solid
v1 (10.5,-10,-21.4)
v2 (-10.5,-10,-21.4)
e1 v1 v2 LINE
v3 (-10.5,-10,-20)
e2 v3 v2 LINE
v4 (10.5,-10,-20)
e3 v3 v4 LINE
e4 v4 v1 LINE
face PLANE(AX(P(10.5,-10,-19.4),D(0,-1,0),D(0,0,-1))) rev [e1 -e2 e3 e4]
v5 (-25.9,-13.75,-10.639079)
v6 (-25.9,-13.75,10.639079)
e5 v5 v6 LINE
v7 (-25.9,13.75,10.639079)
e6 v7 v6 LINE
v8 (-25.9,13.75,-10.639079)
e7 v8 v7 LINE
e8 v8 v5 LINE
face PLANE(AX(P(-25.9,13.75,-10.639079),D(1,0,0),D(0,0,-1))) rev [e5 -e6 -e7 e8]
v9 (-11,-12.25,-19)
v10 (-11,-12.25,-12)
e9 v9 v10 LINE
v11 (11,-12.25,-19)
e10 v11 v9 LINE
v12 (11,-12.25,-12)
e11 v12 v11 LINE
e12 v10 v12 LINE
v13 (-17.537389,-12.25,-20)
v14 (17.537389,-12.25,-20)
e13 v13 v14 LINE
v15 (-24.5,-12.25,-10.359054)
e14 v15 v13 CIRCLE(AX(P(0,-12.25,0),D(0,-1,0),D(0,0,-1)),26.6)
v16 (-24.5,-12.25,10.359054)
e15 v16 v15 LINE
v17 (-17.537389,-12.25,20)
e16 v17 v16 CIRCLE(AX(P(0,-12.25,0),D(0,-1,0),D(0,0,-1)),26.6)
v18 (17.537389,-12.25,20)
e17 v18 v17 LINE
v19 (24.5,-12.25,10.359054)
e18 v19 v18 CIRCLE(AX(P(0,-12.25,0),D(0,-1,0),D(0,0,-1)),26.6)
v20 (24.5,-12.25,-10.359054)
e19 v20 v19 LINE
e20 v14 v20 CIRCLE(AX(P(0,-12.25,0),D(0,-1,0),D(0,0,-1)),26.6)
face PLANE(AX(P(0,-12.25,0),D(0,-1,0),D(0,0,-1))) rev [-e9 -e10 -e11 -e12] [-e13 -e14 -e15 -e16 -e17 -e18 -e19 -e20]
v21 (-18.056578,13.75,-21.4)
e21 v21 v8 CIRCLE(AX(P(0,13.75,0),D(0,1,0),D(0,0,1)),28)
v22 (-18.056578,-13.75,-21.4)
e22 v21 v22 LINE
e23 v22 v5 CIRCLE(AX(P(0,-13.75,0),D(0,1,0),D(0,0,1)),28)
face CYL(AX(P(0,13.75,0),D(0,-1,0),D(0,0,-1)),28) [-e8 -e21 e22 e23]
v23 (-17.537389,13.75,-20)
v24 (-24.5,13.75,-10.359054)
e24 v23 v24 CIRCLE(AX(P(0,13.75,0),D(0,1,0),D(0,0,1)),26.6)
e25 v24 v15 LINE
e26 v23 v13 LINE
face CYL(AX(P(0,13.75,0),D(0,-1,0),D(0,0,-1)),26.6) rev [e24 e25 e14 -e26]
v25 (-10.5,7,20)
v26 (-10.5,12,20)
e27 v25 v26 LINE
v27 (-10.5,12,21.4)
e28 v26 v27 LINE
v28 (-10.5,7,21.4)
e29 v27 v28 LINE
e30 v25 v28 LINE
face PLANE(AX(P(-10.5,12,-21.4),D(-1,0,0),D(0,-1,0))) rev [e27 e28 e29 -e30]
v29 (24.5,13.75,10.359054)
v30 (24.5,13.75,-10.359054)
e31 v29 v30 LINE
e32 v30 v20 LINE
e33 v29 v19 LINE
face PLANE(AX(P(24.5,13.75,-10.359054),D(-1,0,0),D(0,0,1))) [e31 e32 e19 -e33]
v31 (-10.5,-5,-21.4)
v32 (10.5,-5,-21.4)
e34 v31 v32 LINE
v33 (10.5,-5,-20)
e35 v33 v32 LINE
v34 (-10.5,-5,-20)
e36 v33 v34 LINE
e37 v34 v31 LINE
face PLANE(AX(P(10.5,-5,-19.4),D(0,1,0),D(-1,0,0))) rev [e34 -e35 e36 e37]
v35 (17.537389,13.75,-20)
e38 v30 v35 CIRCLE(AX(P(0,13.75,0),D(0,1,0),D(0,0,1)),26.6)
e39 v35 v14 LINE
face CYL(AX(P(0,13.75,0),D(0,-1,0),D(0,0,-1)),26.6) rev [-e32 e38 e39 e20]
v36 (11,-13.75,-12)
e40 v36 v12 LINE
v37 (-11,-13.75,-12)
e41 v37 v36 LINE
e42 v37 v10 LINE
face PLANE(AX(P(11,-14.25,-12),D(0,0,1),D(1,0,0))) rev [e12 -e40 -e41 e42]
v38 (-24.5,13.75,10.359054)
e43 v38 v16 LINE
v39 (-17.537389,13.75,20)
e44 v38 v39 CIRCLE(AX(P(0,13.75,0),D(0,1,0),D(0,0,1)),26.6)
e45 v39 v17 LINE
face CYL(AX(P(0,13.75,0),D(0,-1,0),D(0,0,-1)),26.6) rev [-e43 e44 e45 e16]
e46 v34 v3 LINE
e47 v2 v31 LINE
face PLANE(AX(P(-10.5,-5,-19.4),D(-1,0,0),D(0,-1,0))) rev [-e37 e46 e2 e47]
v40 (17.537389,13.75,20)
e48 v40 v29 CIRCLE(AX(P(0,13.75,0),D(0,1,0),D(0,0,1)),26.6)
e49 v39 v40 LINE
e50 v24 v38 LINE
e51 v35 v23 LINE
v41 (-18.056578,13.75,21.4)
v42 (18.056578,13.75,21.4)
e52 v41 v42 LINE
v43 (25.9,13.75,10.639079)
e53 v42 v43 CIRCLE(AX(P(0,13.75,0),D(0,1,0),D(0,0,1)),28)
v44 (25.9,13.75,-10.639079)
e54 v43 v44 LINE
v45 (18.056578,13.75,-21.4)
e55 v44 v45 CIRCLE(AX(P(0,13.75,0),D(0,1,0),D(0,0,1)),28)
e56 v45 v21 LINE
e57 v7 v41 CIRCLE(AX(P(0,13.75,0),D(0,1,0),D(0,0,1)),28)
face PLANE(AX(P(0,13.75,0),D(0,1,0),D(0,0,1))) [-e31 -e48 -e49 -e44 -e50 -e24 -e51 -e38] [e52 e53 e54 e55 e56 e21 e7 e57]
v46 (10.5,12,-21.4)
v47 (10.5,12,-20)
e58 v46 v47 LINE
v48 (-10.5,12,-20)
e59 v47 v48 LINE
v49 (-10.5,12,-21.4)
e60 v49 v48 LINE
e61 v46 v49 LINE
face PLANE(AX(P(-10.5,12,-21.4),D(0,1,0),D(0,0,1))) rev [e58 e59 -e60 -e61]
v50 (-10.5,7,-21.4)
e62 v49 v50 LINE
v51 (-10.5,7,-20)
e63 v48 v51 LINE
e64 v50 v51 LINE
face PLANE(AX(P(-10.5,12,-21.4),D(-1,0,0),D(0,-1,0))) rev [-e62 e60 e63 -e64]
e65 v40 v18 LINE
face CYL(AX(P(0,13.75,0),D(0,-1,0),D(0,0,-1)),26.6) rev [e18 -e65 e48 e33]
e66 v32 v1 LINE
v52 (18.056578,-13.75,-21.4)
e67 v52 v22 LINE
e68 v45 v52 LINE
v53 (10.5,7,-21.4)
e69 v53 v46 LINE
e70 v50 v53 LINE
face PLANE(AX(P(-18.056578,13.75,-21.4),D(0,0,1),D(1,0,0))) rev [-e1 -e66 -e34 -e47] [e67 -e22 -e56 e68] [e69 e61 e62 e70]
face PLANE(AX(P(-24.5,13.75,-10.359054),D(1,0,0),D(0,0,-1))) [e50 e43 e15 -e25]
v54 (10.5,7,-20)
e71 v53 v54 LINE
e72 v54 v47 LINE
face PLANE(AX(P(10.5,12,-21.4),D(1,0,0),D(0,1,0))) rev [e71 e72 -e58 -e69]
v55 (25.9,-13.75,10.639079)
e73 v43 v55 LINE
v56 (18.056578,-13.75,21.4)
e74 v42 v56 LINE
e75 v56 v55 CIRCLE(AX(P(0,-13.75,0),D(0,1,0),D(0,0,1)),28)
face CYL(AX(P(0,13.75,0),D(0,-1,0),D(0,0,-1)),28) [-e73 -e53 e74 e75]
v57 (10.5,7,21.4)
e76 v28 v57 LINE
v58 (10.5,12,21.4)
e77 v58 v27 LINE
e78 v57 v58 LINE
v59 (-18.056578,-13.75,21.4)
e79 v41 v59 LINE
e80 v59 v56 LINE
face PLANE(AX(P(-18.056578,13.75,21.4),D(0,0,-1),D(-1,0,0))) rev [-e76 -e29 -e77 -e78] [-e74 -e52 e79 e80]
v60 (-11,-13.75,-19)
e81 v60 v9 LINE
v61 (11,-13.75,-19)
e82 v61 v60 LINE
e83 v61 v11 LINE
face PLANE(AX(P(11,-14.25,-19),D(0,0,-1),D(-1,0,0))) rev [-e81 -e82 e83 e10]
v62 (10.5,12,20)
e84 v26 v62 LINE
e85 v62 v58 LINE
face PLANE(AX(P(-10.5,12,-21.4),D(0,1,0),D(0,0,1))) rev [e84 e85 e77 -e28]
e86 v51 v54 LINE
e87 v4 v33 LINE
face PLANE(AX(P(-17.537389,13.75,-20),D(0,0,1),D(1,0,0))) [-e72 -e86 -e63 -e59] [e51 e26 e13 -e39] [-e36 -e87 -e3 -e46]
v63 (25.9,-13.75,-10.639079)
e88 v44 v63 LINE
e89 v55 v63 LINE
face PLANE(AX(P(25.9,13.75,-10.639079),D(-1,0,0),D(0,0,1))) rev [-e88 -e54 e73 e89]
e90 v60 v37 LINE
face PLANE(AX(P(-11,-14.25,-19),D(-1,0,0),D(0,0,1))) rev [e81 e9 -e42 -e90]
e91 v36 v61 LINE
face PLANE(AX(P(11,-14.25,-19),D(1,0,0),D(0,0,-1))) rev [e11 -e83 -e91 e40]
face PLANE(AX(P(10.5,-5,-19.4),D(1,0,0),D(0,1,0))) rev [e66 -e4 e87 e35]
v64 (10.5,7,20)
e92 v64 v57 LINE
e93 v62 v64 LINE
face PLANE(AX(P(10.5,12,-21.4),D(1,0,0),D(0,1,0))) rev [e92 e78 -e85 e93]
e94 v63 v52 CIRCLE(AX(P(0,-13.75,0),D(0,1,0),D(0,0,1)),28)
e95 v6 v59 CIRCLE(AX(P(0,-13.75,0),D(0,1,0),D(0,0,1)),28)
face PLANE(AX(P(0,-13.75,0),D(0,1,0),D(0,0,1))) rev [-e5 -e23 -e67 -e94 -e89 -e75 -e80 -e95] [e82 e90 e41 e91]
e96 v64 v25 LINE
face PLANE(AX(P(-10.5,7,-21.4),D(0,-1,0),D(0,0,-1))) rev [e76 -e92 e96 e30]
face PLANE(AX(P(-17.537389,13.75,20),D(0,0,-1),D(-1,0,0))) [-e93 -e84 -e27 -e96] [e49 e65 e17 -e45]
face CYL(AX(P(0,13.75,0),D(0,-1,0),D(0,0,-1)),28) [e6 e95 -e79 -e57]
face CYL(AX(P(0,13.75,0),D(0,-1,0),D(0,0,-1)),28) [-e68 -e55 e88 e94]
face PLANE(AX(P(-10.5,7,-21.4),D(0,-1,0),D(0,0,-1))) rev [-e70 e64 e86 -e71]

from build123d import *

# Parameters (mm, degrees)
BOSS_EXTRUDE1_DEPTH     = 13.75
CUT_EXTRUDE1_DEPTH      = 51.732952802
CUT_EXTRUDE1_DEPTH_BACK = 51.732952802
SKETCH2_W               = 21
SKETCH2_H               = 5
BOSS_EXTRUDE2_START     = -1.5
BOSS_EXTRUDE2_DEPTH     = 1.5
SKETCH4_W               = 21
SKETCH4_H               = 5
CUT_EXTRUDE2_DEPTH      = 2
SKETCH5_W               = 22
SKETCH5_H               = 7
CUT_EXTRUDE3_DEPTH      = 2


with BuildPart() as part:
    # Sketch1 → Boss-Extrude1 (new, symmetric)
    with BuildSketch(Plane(origin=(0, 0, 0), x_dir=(1, 0, 0), z_dir=(0, 1, 0))):
        with BuildLine():
            Line((-18.056577749, 21.4), (18.056577749, 21.4))
            ThreePointArc((18.056577749, 21.4), (22.627296293, 16.492588107), (25.9, 10.639078907))
            Line((25.9, 10.639078907), (25.9, -10.639078907))
            ThreePointArc((25.9, -10.639078907), (22.627296293, -16.492588107), (18.056577749, -21.4))
            Line((18.056577749, -21.4), (-18.056577749, -21.4))
            ThreePointArc((-18.056577749, -21.4), (-22.627296293, -16.492588107), (-25.9, -10.639078907))
            Line((-25.9, -10.639078907), (-25.9, 10.639078907))
            ThreePointArc((-25.9, 10.639078907), (-22.627296293, 16.492588107), (-18.056577749, 21.4))
        make_face()
        with BuildLine():
            Line((-17.537388631, 20), (17.537388631, 20))
            ThreePointArc((17.537388631, 20), (21.564379672, 15.573616451), (24.5, 10.359054011))
            Line((24.5, 10.359054011), (24.5, -10.359054011))
            ThreePointArc((24.5, -10.359054011), (21.564379672, -15.573616451), (17.537388631, -20))
            Line((17.537388631, -20), (-17.537388631, -20))
            ThreePointArc((-17.537388631, -20), (-21.564379672, -15.573616451), (-24.5, -10.359054011))
            Line((-24.5, -10.359054011), (-24.5, 10.359054011))
            ThreePointArc((-24.5, 10.359054011), (-21.564379672, 15.573616451), (-17.537388631, 20))
        make_face(mode=Mode.SUBTRACT)
    extrude(amount=BOSS_EXTRUDE1_DEPTH, both=True)

    # Sketch2 → Cut-Extrude1 (cut, two sides: drawn at the far end of the back side and taken through both)
    with BuildSketch(Plane.XY.offset(-20).offset(-CUT_EXTRUDE1_DEPTH_BACK)):
        with Locations((0, 9.5)):
            Rectangle(SKETCH2_W, SKETCH2_H)
    extrude(amount=CUT_EXTRUDE1_DEPTH + CUT_EXTRUDE1_DEPTH_BACK, mode=Mode.SUBTRACT)

    # Sketch3 → Boss-Extrude2 (add)
    with BuildSketch(Plane.XZ.offset(13.75).offset(BOSS_EXTRUDE2_START)):
        with BuildLine():
            Line((-18.056577749, -21.4), (18.056577749, -21.4))
            ThreePointArc((18.056577749, -21.4), (22.627296293, -16.492588107), (25.9, -10.639078907))
            Line((25.9, -10.639078907), (25.9, 10.639078907))
            ThreePointArc((25.9, 10.639078907), (22.627296293, 16.492588107), (18.056577749, 21.4))
            Line((18.056577749, 21.4), (-18.056577749, 21.4))
            ThreePointArc((-18.056577749, 21.4), (-22.627296293, 16.492588107), (-25.9, 10.639078907))
            Line((-25.9, 10.639078907), (-25.9, -10.639078907))
            ThreePointArc((-25.9, -10.639078907), (-22.627296293, -16.492588107), (-18.056577749, -21.4))
        make_face()
    extrude(amount=BOSS_EXTRUDE2_DEPTH)

    # Sketch4 → Cut-Extrude2 (cut)
    with BuildSketch(Plane(origin=(0, 0, -21.4), x_dir=(-1, 0, 0), z_dir=(0, 0, -1))):
        with Locations((0, -7.5)):
            Rectangle(SKETCH4_W, SKETCH4_H)
    extrude(amount=-CUT_EXTRUDE2_DEPTH, mode=Mode.SUBTRACT)

    # Sketch5 → Cut-Extrude3 (cut)
    with BuildSketch(Plane(origin=(0, -12.25, 0), x_dir=(-1, 0, 0), z_dir=(0, 1, 0))):
        with Locations((0, -15.5)):
            Rectangle(SKETCH5_W, SKETCH5_H)
    extrude(amount=-CUT_EXTRUDE3_DEPTH, mode=Mode.SUBTRACT)


solid = part.part
